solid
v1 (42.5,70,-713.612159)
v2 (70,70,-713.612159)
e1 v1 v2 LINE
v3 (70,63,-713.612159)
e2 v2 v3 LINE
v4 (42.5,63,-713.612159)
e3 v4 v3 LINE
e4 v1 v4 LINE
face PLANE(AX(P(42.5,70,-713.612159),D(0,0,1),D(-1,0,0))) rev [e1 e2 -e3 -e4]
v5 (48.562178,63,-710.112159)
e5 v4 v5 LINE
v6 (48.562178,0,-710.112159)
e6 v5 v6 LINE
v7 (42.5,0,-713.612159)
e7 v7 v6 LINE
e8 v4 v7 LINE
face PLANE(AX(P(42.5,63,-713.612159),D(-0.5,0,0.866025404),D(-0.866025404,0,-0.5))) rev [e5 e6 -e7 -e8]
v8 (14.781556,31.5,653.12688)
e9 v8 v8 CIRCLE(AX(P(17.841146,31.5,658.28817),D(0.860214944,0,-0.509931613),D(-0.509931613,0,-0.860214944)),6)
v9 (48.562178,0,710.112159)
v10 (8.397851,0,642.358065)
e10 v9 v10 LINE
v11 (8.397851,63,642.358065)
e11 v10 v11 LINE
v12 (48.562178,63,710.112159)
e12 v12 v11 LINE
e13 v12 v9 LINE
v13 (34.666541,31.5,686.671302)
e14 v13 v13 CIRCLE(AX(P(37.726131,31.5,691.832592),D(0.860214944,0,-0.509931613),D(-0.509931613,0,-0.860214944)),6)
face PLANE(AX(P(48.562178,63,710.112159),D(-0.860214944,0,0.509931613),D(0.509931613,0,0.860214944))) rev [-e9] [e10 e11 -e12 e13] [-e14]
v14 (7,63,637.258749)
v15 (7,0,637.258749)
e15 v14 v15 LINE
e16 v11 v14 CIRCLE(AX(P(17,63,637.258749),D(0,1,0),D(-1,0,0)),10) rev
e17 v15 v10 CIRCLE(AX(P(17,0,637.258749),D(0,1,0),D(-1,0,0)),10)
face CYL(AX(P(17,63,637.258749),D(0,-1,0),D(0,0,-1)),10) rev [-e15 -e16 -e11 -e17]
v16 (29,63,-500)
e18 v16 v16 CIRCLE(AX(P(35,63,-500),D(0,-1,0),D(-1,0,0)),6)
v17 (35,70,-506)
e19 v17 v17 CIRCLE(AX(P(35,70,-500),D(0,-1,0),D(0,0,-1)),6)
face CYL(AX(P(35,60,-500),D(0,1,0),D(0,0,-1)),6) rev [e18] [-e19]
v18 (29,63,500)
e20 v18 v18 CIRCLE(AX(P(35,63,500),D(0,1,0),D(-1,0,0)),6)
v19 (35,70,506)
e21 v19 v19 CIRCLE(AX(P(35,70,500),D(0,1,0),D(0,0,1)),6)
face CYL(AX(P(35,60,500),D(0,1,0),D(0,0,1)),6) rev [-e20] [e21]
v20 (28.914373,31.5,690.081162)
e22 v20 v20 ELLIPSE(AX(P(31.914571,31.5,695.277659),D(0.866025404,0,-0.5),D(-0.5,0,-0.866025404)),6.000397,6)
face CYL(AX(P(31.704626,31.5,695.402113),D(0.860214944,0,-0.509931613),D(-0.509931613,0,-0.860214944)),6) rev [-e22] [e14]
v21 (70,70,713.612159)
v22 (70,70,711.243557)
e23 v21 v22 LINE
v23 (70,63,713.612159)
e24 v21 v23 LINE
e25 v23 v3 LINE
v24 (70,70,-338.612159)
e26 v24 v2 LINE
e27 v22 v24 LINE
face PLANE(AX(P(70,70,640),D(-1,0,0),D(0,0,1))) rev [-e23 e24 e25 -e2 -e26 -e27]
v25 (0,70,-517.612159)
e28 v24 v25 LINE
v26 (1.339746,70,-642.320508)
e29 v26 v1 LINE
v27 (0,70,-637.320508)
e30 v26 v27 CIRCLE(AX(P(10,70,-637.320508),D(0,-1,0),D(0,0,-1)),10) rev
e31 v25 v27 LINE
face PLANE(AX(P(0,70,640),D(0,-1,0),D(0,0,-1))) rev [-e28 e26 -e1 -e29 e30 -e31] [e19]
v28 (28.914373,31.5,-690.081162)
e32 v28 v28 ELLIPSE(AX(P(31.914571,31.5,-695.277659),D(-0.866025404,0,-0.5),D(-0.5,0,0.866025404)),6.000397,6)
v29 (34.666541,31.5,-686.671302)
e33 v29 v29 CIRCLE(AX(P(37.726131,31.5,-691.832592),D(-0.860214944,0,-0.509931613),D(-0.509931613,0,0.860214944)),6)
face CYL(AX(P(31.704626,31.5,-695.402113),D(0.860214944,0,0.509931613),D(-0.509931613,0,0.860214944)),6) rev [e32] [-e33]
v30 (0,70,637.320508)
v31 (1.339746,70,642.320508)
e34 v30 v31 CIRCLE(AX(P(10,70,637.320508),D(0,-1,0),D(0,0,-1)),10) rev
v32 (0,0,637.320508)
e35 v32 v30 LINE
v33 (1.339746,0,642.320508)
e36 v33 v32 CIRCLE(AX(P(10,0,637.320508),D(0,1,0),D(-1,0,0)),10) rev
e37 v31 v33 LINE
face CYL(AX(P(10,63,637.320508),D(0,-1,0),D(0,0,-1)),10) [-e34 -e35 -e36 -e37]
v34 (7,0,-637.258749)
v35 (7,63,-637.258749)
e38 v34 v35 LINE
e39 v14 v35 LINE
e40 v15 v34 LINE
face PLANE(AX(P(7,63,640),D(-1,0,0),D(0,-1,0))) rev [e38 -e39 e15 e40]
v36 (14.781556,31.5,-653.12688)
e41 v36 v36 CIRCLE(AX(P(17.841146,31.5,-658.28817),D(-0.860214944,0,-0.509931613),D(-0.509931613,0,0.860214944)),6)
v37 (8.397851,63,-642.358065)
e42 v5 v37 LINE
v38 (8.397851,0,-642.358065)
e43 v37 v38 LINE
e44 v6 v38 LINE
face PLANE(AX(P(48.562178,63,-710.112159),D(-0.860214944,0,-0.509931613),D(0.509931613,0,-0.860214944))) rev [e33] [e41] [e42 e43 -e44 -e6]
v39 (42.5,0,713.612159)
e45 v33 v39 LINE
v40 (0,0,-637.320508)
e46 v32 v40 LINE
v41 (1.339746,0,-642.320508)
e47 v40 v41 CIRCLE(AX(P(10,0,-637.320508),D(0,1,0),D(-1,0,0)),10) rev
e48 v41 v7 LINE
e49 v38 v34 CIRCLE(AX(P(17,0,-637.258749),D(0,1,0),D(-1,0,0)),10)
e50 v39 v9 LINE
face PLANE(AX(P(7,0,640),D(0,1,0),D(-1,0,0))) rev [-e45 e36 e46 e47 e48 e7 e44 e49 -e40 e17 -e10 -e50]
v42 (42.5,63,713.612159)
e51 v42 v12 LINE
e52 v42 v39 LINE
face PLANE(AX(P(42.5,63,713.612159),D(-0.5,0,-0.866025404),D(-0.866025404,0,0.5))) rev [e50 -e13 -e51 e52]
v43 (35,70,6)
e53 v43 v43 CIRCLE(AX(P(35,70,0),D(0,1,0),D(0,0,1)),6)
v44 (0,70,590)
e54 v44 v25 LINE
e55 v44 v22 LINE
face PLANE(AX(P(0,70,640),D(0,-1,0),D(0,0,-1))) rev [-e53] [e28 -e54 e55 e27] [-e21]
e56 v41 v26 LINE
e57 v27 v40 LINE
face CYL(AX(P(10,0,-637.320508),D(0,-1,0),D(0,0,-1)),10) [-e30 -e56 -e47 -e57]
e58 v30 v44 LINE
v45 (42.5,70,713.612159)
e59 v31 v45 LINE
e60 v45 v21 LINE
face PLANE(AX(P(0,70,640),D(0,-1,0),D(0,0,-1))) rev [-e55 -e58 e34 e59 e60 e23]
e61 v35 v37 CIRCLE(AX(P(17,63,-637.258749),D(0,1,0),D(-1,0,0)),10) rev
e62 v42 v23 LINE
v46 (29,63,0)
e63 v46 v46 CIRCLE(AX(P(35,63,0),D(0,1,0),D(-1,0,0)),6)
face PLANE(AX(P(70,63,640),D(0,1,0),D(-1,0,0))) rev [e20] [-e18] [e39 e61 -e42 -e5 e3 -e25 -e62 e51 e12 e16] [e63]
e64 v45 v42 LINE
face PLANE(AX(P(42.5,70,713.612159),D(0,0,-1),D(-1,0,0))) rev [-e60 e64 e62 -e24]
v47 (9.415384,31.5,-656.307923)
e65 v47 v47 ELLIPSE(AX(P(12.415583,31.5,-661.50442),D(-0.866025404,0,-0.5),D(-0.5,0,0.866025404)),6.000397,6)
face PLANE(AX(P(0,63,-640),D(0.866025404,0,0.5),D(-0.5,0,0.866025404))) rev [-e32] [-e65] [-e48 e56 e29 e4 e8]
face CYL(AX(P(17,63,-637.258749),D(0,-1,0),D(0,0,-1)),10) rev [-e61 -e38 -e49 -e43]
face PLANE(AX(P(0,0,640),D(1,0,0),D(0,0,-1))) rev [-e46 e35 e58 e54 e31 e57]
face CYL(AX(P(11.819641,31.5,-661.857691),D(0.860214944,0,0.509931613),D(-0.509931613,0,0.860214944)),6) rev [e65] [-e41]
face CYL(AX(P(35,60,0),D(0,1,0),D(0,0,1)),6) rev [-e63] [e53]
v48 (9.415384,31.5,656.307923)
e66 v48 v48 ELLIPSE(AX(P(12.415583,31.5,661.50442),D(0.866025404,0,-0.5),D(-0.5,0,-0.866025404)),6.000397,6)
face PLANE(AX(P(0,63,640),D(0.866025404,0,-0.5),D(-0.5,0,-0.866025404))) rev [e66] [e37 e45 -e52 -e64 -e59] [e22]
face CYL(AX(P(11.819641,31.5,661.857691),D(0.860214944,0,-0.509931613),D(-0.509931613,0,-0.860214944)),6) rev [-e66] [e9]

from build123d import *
from build123d.topology import SkipClean

# Parameters (mm, degrees)
BOSS_EXTRUDE1_DEPTH = 640
SKETCH22_R          = 6
CUT_EXTRUDE4_DEPTH  = 10
BOSS_EXTRUDE2_DEPTH = 63
BOSS_EXTRUDE3_DEPTH = 7
SKETCH26_R          = 6
CUT_EXTRUDE5_DEPTH  = 7
FILLET1_R           = 10
FILLET2_R           = 10


with BuildPart() as part:
    # Sketch1 → Boss-Extrude1 (new body)
    with BuildSketch(Plane.XY):
        Polygon((0, 0), (0, 70), (70, 70), (70, 63), (7, 63), (7, 0), align=None)
    extrude(amount=BOSS_EXTRUDE1_DEPTH)

    # Sketch22 → Cut-Extrude4 (cut)
    with BuildSketch(Plane(origin=(0, 70, 0), x_dir=(1, 0, 0), z_dir=(0, 1, 0))):
        with Locations((35, 0)):
            Circle(SKETCH22_R)
        with Locations((35, 500)):
            Circle(SKETCH22_R)
        with Locations(Location((35, -500, 0), (0, 0, 270))):
            Circle(SKETCH22_R)
    extrude(amount=-CUT_EXTRUDE4_DEPTH, mode=Mode.SUBTRACT)

    # Sketch23 → Boss-Extrude2 (add)
    with BuildSketch(Plane(origin=(0, 0, 0), x_dir=(1, 0, 0), z_dir=(0, 1, 0))):
        Polygon((0, -640), (42.5, -713.612159322), (48.562177826, -710.112159322), (7, -640), align=None)
    extrude(amount=BOSS_EXTRUDE2_DEPTH)

    # Sketch25 → Boss-Extrude3 (add)
    with BuildSketch(Plane(origin=(0, 63, 0), x_dir=(1, 0, 0), z_dir=(0, 1, 0))):
        Polygon((70, -640), (0, -640), (42.5, -713.612159322), (70, -713.612159322), align=None)
    extrude(amount=BOSS_EXTRUDE3_DEPTH)

    # Sketch26 → Cut-Extrude5 (cut)
    with BuildSketch(Plane(origin=(-275.556719825, 0, 163.348804279), x_dir=(-0.5099316128113042, 0, -0.8602149442178172), z_dir=(0.8602149442178172, 0, -0.5099316128113042))):
        with Locations((-614.36248118, 31.5)):
            Circle(SKETCH26_R)
        with Locations((-575.367085589, 31.5)):
            Circle(SKETCH26_R)
    extrude(amount=-CUT_EXTRUDE5_DEPTH, mode=Mode.SUBTRACT)

    # Mirror1: part across plane


with BuildPart() as part_1:
    with SkipClean():  # the faces are left unmerged after this step: merging them gives an invalid solid
        add(part.part)
        add(part.part.mirror(Plane.XY))

    # Fillet1
    fillet1_edges = [part_1.edges().sort_by_distance(p)[0] for p in [
        (0, 35, 640),
        (0, 35, -640),
    ]]
    fillet(fillet1_edges, radius=FILLET1_R)

    # Fillet2
    fillet2_edges = [part_1.edges().sort_by_distance(p)[0] for p in [
        (7, 31.5, -640),
        (7, 31.5, 640),
    ]]
    fillet(fillet2_edges, radius=FILLET2_R)


solid = part_1.part
